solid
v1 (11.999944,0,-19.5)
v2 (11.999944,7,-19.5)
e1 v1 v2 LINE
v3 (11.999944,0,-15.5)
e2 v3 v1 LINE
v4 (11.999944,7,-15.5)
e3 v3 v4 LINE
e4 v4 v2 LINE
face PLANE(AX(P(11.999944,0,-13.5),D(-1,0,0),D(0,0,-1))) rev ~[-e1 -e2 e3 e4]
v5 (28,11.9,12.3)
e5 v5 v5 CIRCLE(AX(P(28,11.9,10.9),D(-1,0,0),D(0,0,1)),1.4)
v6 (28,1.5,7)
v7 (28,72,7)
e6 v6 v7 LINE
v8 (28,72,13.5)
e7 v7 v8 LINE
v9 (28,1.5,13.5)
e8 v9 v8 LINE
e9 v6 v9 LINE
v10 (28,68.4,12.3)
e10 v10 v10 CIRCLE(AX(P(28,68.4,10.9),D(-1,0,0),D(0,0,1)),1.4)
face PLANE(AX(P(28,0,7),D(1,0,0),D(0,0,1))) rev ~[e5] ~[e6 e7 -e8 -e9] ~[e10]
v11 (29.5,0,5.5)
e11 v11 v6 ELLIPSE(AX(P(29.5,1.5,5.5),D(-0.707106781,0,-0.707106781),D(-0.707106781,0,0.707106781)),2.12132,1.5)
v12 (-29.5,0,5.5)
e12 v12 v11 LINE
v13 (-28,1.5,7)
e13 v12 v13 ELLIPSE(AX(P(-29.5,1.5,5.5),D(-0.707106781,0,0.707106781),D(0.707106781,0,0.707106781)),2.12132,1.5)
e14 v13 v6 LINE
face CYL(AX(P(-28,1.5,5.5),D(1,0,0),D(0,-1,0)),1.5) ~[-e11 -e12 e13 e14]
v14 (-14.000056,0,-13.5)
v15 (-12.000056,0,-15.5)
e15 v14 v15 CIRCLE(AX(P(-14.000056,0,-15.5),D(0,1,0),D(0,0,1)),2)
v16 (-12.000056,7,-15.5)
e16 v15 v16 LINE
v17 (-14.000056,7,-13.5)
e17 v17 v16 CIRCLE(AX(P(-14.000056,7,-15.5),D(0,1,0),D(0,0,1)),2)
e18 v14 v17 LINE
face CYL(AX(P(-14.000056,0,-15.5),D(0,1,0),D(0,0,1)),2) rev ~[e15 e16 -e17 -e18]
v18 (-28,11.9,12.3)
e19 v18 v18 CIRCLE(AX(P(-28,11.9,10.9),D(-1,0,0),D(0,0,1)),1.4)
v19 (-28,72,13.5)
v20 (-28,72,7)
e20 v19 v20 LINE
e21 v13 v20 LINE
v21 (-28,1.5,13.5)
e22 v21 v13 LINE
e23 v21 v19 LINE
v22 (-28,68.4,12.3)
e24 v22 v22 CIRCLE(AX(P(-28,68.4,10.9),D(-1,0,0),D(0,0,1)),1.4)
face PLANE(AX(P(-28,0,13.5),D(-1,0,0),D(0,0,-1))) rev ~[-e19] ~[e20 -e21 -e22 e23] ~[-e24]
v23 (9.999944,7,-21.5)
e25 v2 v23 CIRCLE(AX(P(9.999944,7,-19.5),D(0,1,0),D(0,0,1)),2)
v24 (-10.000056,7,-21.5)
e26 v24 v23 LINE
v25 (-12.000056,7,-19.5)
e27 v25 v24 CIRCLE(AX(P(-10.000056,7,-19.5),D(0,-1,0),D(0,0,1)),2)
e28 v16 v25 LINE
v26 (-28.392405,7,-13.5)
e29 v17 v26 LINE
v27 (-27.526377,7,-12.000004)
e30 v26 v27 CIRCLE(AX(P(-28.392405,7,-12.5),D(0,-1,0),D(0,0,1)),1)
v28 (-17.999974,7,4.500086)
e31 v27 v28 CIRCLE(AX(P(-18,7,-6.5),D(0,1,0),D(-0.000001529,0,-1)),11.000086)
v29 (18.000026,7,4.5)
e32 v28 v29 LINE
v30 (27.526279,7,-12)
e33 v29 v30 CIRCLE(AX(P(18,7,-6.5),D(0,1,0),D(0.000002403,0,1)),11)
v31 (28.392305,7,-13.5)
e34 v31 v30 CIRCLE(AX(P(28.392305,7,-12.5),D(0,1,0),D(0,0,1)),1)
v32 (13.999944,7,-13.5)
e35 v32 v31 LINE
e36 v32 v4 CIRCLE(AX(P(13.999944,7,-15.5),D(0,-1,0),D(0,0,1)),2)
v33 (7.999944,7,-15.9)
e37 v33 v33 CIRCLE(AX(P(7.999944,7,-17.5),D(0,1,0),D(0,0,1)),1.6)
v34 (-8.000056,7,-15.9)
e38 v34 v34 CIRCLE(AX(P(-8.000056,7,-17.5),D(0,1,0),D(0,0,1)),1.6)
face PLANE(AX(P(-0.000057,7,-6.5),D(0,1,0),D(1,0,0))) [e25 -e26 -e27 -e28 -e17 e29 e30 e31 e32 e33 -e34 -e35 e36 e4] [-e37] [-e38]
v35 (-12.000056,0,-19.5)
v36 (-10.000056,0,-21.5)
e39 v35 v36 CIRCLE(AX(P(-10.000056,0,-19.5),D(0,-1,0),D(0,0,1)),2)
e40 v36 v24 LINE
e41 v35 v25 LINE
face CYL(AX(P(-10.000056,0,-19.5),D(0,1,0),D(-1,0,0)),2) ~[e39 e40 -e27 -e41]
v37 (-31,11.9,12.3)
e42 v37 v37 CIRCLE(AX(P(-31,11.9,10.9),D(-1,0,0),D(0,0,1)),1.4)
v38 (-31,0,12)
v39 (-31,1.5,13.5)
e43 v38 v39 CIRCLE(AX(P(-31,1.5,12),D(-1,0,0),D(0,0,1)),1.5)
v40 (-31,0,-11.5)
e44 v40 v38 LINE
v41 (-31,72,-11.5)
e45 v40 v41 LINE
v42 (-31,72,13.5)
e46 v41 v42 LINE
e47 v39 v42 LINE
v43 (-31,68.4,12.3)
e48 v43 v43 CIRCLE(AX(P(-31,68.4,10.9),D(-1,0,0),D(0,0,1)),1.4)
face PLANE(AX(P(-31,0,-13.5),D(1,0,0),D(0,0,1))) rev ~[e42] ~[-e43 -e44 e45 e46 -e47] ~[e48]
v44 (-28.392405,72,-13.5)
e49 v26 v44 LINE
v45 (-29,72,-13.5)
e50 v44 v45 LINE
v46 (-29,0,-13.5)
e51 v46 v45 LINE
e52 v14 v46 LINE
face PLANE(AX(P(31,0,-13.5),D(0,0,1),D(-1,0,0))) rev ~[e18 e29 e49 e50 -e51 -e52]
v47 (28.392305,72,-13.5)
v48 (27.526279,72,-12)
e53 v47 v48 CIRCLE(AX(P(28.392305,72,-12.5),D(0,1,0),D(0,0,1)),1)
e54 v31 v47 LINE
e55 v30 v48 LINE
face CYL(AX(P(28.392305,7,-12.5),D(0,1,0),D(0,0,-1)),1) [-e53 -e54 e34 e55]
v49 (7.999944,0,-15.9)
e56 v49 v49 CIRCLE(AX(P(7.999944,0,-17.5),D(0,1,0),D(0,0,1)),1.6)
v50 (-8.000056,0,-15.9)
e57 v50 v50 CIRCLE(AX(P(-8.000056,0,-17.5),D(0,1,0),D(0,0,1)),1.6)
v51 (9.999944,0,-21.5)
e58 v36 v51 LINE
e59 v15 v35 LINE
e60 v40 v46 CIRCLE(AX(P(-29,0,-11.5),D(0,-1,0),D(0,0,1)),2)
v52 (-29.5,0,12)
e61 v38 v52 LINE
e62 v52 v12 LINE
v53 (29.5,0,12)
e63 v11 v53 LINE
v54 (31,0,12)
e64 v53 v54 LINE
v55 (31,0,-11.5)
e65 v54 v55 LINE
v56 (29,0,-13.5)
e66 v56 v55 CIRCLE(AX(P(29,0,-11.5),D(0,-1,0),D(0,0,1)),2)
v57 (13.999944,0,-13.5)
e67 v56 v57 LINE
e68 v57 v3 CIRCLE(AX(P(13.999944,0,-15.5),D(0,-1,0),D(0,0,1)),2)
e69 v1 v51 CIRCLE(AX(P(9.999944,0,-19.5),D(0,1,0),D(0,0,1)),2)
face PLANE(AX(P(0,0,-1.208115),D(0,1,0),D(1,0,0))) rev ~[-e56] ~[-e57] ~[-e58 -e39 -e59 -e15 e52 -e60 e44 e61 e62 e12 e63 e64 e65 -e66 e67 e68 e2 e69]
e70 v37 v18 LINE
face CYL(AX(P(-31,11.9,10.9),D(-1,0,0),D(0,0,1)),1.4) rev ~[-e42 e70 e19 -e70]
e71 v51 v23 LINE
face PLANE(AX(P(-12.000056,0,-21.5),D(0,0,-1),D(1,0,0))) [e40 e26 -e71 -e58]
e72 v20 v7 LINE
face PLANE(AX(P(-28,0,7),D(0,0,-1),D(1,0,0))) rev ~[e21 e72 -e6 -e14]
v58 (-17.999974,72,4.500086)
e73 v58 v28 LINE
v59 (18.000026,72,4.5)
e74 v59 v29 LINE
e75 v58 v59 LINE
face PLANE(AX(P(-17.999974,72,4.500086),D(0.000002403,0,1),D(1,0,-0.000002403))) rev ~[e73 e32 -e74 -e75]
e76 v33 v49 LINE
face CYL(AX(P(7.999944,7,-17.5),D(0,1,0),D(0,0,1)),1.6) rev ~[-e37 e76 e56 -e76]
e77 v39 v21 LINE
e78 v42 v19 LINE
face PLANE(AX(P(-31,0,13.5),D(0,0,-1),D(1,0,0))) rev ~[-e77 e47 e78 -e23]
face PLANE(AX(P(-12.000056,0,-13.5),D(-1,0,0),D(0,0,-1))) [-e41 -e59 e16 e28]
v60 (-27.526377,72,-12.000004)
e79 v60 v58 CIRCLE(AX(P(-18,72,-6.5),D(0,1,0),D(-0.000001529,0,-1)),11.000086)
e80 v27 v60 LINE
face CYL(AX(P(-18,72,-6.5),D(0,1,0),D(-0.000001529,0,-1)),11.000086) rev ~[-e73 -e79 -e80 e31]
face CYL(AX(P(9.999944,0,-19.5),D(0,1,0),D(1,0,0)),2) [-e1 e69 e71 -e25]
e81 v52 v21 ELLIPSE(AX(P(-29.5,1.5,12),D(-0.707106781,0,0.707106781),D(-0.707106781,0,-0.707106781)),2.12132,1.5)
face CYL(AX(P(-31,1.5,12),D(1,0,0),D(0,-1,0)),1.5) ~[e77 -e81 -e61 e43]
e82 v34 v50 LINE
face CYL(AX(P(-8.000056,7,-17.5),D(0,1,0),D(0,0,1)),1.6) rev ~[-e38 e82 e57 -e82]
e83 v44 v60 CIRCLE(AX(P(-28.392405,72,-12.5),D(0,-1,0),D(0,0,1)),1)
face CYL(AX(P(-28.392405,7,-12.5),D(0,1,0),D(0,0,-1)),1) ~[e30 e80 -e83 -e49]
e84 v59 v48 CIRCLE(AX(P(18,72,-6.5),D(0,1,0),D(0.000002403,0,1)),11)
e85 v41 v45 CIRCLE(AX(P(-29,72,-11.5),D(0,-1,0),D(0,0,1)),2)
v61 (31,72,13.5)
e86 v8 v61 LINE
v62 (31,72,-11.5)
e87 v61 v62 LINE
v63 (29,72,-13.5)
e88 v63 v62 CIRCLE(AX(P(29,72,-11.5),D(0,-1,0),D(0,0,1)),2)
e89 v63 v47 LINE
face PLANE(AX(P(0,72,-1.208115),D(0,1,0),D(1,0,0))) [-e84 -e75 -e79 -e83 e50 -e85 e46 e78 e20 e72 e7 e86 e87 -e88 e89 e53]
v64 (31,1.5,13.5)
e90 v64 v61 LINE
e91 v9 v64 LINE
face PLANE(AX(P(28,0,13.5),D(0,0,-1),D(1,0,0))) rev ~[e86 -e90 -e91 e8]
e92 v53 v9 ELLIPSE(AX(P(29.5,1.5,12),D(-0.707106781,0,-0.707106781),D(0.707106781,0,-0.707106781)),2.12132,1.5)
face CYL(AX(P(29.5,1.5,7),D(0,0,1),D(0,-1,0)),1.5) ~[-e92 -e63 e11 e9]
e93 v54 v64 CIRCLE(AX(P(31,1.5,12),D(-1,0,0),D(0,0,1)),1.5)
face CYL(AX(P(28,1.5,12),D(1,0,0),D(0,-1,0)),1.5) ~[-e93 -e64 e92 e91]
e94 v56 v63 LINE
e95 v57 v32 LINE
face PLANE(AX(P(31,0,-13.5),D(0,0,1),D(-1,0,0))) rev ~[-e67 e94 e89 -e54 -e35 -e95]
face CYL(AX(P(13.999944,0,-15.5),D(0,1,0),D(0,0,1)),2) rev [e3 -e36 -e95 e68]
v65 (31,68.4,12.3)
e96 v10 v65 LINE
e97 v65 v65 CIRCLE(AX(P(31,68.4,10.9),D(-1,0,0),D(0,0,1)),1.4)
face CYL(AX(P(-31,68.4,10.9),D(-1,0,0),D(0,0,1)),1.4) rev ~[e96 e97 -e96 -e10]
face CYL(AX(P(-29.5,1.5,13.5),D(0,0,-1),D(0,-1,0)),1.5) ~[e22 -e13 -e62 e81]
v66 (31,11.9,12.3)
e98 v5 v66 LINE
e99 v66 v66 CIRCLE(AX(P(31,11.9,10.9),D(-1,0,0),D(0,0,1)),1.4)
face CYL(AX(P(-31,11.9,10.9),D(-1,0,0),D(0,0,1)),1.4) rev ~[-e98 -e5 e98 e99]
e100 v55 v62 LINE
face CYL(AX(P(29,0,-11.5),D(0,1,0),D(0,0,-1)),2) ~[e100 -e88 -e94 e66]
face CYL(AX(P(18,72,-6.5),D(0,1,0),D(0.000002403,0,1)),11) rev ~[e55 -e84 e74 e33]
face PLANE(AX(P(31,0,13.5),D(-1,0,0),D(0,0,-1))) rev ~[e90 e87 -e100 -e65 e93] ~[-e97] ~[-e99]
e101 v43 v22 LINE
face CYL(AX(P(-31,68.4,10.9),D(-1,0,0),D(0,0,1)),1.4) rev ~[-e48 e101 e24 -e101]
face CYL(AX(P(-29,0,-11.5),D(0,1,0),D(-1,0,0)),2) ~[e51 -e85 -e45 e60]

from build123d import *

# Parameters (mm, degrees)
BOSS_EXTRUDE1_DEPTH = 72
CUT_EXTRUDE1_DEPTH  = 65
FILLET3_R           = 2
FILLET4_R           = 1.5
SKETCH5_R           = 1.4
CUT_EXTRUDE2_DEPTH  = 96.970047411
SKETCH6_W           = 24
SKETCH6_H           = 8
BOSS_EXTRUDE3_DEPTH = 7
FILLET5_R           = 2
SKETCH7_R           = 1.6
CUT_EXTRUDE3_DEPTH  = 7
FILLET6_R           = 1


with BuildPart() as part:
    # Sketch1 → Boss-Extrude1 (new body)
    with BuildSketch(Plane(origin=(0, 0, 0), x_dir=(1, 0, 0), z_dir=(0, 1, 0))):
        Polygon((-31, 13.5), (-31, -13.5), (-28, -13.5), (-28, -7), (28, -7), (28, -13.5), (31, -13.5), (31, 13.5), (28, 13.5), (-28, 13.5), align=None)
    extrude(amount=BOSS_EXTRUDE1_DEPTH)

    # Sketch2 → Cut-Extrude1 (cut)
    with BuildSketch(Plane(origin=(0, 72, 0), x_dir=(1, 0, 0), z_dir=(0, 1, 0))):
        with BuildLine():
            Line((17.999983181, 17.5), (-18.000016819, 17.500086496))
            ThreePointArc((-18.000016819, 17.500086496), (-29.000086496, 6.499978376), (-17.999973571, -4.500086496))
            Line((-17.999973571, -4.500086496), (18.000026429, -4.5))
            ThreePointArc((18.000026429, -4.5), (29, 6.500021624), (17.999983181, 17.5))
        make_face()
    extrude(amount=-CUT_EXTRUDE1_DEPTH, mode=Mode.SUBTRACT)

    # Fillet3
    fillet3_edges = [part.edges().sort_by_distance(p)[0] for p in [
        (31, 36, -13.5),
        (-31, 36, -13.5),
    ]]
    fillet(fillet3_edges, radius=FILLET3_R)

    # Fillet4
    fillet4_edges = [part.edges().sort_by_distance(p)[0] for p in [
        (29.5, 0, 13.5),
        (28, 0, 10.25),
        (0, 0, 7),
        (-28, 0, 10.25),
        (-29.5, 0, 13.5),
    ]]
    fillet(fillet4_edges, radius=FILLET4_R)

    # Sketch5 → Cut-Extrude2 (cut, through all)
    with BuildSketch(Plane.ZY.offset(31)):
        with Locations((10.9, 68.4)):
            Circle(SKETCH5_R)
        with Locations((10.9, 11.9)):
            Circle(SKETCH5_R)
    extrude(amount=-CUT_EXTRUDE2_DEPTH, mode=Mode.SUBTRACT)

    # Sketch6 → Boss-Extrude3 (add)
    with BuildSketch(Plane(origin=(0, 0, 0), x_dir=(1, 0, 0), z_dir=(0, 1, 0))):
        with Locations((-5.6065e-05, 17.5)):
            Rectangle(SKETCH6_W, SKETCH6_H)
    extrude(amount=BOSS_EXTRUDE3_DEPTH)

    # Fillet5
    fillet5_edges = [part.edges().sort_by_distance(p)[0] for p in [
        (-12.000056065, 3.5, -21.5),
        (-12.000056065, 3.5, -13.5),
        (11.999943935, 3.5, -13.5),
        (11.999943935, 3.5, -21.5),
    ]]
    fillet(fillet5_edges, radius=FILLET5_R)

    # Sketch7 → Cut-Extrude3 (cut)
    with BuildSketch(Plane(origin=(0, 7, 0), x_dir=(1, 0, 0), z_dir=(0, 1, 0))):
        with Locations(Location((-8.000056065, 17.5, 0), (0, 0, 270))):
            Circle(SKETCH7_R)
        with Locations(Location((7.999943935, 17.5, 0), (0, 0, 270))):
            Circle(SKETCH7_R)
    extrude(amount=-CUT_EXTRUDE3_DEPTH, mode=Mode.SUBTRACT)

    # Fillet6
    fillet6_edges = [part.edges().sort_by_distance(p)[0] for p in [
        (26.485281374, 39.5, -13.5),
        (-26.485393504, 39.5, -13.5),
    ]]
    fillet(fillet6_edges, radius=FILLET6_R)


solid = part.part
